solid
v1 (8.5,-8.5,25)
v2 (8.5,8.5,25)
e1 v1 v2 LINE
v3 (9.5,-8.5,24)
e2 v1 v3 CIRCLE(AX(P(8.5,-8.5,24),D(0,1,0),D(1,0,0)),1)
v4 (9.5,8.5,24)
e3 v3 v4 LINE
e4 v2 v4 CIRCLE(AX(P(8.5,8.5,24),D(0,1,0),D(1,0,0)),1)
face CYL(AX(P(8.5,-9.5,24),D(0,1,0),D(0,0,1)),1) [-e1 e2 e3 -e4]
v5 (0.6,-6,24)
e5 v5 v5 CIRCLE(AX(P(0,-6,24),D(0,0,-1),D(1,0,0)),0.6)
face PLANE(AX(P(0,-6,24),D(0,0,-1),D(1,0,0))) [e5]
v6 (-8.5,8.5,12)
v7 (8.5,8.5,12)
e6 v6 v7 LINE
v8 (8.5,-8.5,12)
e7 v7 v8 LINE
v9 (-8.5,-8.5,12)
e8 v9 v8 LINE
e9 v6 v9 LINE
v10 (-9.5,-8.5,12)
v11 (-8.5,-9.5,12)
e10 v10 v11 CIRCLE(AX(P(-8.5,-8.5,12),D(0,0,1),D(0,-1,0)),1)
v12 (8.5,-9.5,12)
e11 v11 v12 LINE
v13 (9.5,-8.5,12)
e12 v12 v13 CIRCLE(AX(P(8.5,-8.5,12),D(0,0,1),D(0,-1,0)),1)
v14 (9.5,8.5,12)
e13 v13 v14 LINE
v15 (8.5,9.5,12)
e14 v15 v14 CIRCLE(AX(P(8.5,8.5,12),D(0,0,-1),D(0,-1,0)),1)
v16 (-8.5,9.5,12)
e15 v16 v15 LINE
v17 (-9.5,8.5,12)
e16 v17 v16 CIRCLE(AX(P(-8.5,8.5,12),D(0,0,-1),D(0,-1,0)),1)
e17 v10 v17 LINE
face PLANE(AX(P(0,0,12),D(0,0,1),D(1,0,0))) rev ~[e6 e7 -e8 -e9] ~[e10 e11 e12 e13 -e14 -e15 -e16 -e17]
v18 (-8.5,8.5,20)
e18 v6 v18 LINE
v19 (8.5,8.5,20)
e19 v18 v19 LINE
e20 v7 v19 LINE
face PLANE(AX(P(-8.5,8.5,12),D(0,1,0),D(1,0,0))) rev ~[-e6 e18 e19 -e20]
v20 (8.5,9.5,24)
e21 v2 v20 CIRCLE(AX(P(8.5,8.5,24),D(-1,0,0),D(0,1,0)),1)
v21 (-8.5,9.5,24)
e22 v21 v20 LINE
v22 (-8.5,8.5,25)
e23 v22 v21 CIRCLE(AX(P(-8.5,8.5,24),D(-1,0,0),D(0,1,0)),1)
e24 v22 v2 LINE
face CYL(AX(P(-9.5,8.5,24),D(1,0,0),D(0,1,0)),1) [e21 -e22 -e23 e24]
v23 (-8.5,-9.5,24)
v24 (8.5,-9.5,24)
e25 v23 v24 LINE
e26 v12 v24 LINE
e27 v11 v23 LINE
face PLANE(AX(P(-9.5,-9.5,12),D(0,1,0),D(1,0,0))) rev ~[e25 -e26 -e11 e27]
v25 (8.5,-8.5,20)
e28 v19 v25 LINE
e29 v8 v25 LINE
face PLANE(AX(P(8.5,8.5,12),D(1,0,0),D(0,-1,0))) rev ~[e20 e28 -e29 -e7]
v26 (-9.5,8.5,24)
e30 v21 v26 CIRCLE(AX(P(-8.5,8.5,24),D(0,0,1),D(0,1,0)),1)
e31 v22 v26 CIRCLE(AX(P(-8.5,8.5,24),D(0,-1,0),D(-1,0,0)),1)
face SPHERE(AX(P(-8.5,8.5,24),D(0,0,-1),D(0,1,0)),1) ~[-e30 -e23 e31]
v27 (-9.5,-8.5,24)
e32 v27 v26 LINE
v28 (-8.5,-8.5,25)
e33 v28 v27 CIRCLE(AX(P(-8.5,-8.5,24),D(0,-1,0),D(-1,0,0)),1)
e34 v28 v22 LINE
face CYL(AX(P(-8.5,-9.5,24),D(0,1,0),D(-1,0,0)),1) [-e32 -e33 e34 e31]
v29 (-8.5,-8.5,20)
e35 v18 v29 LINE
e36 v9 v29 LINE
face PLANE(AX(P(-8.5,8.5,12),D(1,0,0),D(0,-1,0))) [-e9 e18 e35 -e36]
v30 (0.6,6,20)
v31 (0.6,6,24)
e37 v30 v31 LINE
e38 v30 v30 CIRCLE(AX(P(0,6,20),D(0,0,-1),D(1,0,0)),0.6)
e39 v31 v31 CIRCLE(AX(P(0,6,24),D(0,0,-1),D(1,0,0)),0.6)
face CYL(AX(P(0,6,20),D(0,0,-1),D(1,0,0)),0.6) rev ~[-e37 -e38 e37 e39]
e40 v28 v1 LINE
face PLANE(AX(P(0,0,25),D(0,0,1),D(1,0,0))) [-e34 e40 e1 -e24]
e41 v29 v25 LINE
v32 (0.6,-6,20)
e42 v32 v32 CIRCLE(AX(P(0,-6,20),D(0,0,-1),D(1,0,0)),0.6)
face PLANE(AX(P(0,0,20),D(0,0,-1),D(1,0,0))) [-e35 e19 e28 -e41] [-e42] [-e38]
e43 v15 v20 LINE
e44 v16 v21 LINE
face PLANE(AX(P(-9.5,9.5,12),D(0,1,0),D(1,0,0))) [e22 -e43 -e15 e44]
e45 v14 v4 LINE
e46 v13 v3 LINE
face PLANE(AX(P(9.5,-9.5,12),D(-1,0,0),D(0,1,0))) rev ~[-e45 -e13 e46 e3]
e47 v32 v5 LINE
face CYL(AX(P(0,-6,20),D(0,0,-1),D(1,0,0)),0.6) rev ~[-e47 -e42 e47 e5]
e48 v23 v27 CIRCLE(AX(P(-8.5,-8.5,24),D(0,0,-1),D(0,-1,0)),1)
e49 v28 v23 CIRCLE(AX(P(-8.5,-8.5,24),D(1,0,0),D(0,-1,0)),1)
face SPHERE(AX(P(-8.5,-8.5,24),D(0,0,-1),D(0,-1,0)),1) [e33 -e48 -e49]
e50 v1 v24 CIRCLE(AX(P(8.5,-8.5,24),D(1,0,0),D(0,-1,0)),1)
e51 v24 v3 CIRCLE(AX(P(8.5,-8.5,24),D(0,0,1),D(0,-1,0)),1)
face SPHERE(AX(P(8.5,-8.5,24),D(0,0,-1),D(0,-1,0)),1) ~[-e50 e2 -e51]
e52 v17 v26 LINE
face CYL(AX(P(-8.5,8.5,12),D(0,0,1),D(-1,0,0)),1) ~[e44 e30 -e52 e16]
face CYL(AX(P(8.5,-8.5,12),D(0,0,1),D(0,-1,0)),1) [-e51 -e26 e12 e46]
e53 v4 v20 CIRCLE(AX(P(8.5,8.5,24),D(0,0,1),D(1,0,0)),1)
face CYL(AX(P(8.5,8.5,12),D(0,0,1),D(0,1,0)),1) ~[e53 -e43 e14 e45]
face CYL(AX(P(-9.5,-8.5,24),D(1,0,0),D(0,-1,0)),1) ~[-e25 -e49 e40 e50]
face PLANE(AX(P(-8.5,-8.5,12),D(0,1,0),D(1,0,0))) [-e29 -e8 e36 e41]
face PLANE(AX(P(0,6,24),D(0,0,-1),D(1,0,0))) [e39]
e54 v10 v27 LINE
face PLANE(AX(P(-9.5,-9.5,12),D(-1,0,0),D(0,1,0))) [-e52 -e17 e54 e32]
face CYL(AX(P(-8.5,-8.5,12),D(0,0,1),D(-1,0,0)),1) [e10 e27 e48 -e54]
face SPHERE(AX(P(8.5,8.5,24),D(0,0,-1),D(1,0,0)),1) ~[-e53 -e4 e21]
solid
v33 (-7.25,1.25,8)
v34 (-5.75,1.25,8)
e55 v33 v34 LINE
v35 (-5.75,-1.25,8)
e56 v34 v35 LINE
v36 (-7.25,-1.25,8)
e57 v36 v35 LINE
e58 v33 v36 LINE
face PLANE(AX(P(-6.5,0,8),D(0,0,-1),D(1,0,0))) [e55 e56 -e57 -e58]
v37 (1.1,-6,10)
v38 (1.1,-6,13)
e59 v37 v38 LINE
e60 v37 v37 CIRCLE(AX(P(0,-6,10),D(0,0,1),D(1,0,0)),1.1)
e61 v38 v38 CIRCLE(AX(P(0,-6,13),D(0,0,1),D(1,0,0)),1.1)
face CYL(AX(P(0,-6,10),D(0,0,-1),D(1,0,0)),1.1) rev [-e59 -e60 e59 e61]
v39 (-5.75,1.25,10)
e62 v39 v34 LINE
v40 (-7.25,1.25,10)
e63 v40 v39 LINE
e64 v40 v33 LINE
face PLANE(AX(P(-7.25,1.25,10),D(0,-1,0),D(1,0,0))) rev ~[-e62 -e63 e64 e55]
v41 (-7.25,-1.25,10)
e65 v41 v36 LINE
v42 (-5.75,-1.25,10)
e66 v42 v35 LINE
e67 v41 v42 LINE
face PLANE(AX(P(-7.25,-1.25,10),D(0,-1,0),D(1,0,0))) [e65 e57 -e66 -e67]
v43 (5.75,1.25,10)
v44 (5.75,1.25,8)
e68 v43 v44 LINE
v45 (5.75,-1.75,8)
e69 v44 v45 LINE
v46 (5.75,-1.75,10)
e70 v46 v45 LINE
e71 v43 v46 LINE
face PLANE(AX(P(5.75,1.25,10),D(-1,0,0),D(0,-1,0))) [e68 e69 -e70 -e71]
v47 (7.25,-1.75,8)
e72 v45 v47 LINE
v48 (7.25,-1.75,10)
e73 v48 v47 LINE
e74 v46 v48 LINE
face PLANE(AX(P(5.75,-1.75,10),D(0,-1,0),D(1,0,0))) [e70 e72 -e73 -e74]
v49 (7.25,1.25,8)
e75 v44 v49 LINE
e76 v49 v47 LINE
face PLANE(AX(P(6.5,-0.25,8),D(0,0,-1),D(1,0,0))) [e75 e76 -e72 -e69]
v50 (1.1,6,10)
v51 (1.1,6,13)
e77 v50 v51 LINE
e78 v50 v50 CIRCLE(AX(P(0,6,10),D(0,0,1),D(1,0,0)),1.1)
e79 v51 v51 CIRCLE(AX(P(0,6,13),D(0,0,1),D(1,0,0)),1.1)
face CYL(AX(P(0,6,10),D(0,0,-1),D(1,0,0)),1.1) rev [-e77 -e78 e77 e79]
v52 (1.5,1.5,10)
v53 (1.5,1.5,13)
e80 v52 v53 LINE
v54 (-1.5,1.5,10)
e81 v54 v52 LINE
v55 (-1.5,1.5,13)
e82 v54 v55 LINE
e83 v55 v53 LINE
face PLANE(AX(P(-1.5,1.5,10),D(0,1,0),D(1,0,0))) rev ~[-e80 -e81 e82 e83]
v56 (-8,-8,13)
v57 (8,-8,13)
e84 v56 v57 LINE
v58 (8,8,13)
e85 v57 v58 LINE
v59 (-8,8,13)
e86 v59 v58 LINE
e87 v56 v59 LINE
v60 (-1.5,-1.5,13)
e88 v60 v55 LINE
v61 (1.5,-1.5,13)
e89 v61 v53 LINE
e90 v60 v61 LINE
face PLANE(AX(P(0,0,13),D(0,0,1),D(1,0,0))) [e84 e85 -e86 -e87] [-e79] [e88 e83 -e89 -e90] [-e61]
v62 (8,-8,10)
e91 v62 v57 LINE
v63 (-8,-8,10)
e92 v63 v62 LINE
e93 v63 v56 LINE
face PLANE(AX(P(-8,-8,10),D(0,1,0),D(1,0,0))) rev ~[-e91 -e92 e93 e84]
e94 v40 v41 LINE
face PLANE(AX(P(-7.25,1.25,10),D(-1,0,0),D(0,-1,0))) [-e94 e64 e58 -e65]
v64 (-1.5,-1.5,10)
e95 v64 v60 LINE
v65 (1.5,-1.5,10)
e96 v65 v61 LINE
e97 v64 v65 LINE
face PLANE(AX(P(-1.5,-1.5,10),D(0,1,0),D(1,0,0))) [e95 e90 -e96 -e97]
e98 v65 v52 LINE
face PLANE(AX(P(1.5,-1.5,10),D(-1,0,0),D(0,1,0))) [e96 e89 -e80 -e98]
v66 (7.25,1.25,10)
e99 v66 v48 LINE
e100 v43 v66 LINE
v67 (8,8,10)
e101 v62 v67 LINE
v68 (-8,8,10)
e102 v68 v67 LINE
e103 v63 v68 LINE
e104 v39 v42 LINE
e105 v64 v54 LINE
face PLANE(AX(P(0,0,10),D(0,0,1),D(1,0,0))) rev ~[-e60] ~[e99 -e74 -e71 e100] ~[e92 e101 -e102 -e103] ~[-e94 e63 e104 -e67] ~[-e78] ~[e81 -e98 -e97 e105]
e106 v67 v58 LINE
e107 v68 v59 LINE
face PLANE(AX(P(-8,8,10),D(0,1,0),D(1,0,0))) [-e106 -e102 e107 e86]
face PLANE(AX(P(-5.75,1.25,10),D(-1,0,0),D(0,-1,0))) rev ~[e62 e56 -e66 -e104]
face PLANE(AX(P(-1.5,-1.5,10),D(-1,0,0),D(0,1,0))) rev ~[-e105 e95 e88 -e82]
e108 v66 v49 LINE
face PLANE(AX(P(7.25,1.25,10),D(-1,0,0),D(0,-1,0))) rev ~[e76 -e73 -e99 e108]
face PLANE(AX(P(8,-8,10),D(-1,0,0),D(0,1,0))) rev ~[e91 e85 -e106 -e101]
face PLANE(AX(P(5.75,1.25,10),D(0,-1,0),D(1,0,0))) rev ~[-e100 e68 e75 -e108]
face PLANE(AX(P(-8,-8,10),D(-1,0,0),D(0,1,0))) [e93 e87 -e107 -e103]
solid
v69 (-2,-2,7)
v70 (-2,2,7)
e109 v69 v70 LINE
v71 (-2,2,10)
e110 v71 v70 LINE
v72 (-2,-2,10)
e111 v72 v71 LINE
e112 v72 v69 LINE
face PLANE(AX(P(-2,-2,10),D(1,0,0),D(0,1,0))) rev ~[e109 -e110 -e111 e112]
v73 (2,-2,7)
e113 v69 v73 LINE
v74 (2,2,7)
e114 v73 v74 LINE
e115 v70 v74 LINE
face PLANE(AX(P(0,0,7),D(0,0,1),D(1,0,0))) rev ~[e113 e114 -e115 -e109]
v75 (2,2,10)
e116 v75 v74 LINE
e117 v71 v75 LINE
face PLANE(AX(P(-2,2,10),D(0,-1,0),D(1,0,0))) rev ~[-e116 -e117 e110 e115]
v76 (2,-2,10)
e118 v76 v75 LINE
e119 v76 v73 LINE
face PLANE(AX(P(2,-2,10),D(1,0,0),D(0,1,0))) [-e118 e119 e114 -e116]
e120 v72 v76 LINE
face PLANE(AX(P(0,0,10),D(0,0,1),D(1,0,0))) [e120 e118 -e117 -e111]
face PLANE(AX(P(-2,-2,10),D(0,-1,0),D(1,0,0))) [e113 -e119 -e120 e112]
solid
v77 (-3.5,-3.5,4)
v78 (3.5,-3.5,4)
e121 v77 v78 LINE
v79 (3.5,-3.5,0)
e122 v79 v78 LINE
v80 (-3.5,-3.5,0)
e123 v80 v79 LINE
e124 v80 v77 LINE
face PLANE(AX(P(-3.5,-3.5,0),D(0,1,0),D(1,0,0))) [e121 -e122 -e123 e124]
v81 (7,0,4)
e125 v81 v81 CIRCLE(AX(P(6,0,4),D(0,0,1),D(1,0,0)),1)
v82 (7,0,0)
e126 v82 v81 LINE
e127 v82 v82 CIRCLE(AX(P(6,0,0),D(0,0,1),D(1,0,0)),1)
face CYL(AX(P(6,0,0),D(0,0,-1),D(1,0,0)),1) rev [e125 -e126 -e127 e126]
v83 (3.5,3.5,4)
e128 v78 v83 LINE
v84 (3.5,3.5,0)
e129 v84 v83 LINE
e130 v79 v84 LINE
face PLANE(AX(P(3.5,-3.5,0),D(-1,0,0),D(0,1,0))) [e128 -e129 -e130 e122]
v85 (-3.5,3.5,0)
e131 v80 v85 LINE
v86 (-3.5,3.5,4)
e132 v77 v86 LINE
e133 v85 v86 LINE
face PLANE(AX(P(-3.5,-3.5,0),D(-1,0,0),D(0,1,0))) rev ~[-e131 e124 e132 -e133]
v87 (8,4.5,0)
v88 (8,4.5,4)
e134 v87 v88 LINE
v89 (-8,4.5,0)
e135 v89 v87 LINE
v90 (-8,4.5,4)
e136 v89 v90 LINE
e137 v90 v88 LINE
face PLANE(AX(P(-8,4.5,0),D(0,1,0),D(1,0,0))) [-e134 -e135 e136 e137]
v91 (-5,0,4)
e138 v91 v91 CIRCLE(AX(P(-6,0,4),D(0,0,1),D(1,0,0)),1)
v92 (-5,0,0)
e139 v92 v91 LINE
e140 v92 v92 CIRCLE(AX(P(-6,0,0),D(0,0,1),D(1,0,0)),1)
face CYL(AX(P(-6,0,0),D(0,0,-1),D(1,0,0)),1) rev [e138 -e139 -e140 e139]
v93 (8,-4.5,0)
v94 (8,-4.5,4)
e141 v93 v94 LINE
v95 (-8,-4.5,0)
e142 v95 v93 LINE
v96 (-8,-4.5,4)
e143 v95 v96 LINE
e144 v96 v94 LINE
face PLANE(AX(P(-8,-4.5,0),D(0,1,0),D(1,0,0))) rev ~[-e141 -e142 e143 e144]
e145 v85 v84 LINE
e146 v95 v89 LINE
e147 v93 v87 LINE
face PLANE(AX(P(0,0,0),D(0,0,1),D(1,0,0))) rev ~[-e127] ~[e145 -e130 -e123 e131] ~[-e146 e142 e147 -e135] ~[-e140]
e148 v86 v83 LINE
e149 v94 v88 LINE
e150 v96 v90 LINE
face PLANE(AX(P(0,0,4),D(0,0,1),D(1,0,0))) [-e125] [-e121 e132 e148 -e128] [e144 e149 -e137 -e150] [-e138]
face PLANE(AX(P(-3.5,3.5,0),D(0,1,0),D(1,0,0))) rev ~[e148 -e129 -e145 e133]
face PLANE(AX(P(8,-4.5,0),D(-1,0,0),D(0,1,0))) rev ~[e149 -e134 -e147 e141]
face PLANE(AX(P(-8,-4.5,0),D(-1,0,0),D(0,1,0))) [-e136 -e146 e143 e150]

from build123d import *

# Parameters (mm, degrees)
F0_W      = 16
F0_H      = 9
F0_R      = 1
F0_W_2    = 7
F0_H_2    = 7
F1_DEPTH  = 4
F3_W      = 4
F3_H      = 4
F4_DEPTH  = 3
F5_W      = 16
F5_H      = 16
F5_R      = 1.1
F5_W_2    = 3
F5_H_2    = 3
F6_DEPTH  = 3
F8_W      = 19
F8_H      = 19
F9_DEPTH  = 13
F10_W     = 17
F10_H     = 17
F11_DEPTH = 8
F12_R     = 0.6
F13_DEPTH = 4
F14_R     = 1
F15_W     = 1.5
F15_H     = 3
F15_H_2   = 2.5
F16_DEPTH = 2


with BuildPart() as f1:
    # F0 (on Top) → F1 (new body)
    with BuildSketch(Plane.XY):
        Rectangle(F0_W, F0_H)
        with Locations((-6, 0)):
            Circle(F0_R, mode=Mode.SUBTRACT)
        Rectangle(F0_W_2, F0_H_2, mode=Mode.SUBTRACT)
        with Locations((6, 0)):
            Circle(F0_R, mode=Mode.SUBTRACT)
    extrude(amount=F1_DEPTH)


with BuildPart() as f4:
    # F3 (on offset) → F4 (new body)
    with BuildSketch(Plane.XY.offset(10)):
        Rectangle(F3_W, F3_H)
    extrude(amount=-F4_DEPTH)


with BuildPart() as f6:
    # F5 (on offset) → F6 (new body)
    with BuildSketch(Plane.XY.offset(10)):
        Rectangle(F5_W, F5_H)
        with Locations((0, -6)):
            Circle(F5_R, mode=Mode.SUBTRACT)
        Rectangle(F5_W_2, F5_H_2, mode=Mode.SUBTRACT)
        with Locations((0, 6)):
            Circle(F5_R, mode=Mode.SUBTRACT)
    extrude(amount=F6_DEPTH)

    # F15 (on face) → F16 (join)
    with BuildSketch(Plane(origin=(0, 0, 10), x_dir=(1, 0, 0), z_dir=(0, 0, -1))):
        with Locations((6.5, 0.25)):
            Rectangle(F15_W, F15_H)
        with Locations((-6.5, 0)):
            Rectangle(F15_W, F15_H_2)
    extrude(amount=F16_DEPTH)


with BuildPart() as f9:
    # F8 (on offset) → F9 (new body)
    with BuildSketch(Plane.XY.offset(12)):
        Rectangle(F8_W, F8_H)
    extrude(amount=F9_DEPTH)

    # F10 (on face) → F11 (cut)
    with BuildSketch(Plane(origin=(0, 0, 12), x_dir=(1, 0, 0), z_dir=(0, 0, -1))):
        Rectangle(F10_W, F10_H)
    extrude(amount=-F11_DEPTH, mode=Mode.SUBTRACT)

    # F12 (on face) → F13 (cut)
    with BuildSketch(Plane(origin=(0, 0, 20), x_dir=(1, 0, 0), z_dir=(0, 0, -1))):
        with Locations((0, 6)):
            Circle(F12_R)
        with Locations((0, -6)):
            Circle(F12_R)
    extrude(amount=-F13_DEPTH, mode=Mode.SUBTRACT)

    # F14
    f14_edges = [f9.edges().sort_by_distance(p)[0] for p in [
        (-9.5, -9.5, 18.5),
        (9.5, -9.5, 18.5),
        (-9.5, 9.5, 18.5),
        (9.5, 9.5, 18.5),
        (0, -9.5, 25),
        (9.5, 0, 25),
        (0, 9.5, 25),
        (-9.5, 0, 25),
    ]]
    fillet(f14_edges, radius=F14_R)


solid = Compound([f1.part, f4.part, f6.part, f9.part])
